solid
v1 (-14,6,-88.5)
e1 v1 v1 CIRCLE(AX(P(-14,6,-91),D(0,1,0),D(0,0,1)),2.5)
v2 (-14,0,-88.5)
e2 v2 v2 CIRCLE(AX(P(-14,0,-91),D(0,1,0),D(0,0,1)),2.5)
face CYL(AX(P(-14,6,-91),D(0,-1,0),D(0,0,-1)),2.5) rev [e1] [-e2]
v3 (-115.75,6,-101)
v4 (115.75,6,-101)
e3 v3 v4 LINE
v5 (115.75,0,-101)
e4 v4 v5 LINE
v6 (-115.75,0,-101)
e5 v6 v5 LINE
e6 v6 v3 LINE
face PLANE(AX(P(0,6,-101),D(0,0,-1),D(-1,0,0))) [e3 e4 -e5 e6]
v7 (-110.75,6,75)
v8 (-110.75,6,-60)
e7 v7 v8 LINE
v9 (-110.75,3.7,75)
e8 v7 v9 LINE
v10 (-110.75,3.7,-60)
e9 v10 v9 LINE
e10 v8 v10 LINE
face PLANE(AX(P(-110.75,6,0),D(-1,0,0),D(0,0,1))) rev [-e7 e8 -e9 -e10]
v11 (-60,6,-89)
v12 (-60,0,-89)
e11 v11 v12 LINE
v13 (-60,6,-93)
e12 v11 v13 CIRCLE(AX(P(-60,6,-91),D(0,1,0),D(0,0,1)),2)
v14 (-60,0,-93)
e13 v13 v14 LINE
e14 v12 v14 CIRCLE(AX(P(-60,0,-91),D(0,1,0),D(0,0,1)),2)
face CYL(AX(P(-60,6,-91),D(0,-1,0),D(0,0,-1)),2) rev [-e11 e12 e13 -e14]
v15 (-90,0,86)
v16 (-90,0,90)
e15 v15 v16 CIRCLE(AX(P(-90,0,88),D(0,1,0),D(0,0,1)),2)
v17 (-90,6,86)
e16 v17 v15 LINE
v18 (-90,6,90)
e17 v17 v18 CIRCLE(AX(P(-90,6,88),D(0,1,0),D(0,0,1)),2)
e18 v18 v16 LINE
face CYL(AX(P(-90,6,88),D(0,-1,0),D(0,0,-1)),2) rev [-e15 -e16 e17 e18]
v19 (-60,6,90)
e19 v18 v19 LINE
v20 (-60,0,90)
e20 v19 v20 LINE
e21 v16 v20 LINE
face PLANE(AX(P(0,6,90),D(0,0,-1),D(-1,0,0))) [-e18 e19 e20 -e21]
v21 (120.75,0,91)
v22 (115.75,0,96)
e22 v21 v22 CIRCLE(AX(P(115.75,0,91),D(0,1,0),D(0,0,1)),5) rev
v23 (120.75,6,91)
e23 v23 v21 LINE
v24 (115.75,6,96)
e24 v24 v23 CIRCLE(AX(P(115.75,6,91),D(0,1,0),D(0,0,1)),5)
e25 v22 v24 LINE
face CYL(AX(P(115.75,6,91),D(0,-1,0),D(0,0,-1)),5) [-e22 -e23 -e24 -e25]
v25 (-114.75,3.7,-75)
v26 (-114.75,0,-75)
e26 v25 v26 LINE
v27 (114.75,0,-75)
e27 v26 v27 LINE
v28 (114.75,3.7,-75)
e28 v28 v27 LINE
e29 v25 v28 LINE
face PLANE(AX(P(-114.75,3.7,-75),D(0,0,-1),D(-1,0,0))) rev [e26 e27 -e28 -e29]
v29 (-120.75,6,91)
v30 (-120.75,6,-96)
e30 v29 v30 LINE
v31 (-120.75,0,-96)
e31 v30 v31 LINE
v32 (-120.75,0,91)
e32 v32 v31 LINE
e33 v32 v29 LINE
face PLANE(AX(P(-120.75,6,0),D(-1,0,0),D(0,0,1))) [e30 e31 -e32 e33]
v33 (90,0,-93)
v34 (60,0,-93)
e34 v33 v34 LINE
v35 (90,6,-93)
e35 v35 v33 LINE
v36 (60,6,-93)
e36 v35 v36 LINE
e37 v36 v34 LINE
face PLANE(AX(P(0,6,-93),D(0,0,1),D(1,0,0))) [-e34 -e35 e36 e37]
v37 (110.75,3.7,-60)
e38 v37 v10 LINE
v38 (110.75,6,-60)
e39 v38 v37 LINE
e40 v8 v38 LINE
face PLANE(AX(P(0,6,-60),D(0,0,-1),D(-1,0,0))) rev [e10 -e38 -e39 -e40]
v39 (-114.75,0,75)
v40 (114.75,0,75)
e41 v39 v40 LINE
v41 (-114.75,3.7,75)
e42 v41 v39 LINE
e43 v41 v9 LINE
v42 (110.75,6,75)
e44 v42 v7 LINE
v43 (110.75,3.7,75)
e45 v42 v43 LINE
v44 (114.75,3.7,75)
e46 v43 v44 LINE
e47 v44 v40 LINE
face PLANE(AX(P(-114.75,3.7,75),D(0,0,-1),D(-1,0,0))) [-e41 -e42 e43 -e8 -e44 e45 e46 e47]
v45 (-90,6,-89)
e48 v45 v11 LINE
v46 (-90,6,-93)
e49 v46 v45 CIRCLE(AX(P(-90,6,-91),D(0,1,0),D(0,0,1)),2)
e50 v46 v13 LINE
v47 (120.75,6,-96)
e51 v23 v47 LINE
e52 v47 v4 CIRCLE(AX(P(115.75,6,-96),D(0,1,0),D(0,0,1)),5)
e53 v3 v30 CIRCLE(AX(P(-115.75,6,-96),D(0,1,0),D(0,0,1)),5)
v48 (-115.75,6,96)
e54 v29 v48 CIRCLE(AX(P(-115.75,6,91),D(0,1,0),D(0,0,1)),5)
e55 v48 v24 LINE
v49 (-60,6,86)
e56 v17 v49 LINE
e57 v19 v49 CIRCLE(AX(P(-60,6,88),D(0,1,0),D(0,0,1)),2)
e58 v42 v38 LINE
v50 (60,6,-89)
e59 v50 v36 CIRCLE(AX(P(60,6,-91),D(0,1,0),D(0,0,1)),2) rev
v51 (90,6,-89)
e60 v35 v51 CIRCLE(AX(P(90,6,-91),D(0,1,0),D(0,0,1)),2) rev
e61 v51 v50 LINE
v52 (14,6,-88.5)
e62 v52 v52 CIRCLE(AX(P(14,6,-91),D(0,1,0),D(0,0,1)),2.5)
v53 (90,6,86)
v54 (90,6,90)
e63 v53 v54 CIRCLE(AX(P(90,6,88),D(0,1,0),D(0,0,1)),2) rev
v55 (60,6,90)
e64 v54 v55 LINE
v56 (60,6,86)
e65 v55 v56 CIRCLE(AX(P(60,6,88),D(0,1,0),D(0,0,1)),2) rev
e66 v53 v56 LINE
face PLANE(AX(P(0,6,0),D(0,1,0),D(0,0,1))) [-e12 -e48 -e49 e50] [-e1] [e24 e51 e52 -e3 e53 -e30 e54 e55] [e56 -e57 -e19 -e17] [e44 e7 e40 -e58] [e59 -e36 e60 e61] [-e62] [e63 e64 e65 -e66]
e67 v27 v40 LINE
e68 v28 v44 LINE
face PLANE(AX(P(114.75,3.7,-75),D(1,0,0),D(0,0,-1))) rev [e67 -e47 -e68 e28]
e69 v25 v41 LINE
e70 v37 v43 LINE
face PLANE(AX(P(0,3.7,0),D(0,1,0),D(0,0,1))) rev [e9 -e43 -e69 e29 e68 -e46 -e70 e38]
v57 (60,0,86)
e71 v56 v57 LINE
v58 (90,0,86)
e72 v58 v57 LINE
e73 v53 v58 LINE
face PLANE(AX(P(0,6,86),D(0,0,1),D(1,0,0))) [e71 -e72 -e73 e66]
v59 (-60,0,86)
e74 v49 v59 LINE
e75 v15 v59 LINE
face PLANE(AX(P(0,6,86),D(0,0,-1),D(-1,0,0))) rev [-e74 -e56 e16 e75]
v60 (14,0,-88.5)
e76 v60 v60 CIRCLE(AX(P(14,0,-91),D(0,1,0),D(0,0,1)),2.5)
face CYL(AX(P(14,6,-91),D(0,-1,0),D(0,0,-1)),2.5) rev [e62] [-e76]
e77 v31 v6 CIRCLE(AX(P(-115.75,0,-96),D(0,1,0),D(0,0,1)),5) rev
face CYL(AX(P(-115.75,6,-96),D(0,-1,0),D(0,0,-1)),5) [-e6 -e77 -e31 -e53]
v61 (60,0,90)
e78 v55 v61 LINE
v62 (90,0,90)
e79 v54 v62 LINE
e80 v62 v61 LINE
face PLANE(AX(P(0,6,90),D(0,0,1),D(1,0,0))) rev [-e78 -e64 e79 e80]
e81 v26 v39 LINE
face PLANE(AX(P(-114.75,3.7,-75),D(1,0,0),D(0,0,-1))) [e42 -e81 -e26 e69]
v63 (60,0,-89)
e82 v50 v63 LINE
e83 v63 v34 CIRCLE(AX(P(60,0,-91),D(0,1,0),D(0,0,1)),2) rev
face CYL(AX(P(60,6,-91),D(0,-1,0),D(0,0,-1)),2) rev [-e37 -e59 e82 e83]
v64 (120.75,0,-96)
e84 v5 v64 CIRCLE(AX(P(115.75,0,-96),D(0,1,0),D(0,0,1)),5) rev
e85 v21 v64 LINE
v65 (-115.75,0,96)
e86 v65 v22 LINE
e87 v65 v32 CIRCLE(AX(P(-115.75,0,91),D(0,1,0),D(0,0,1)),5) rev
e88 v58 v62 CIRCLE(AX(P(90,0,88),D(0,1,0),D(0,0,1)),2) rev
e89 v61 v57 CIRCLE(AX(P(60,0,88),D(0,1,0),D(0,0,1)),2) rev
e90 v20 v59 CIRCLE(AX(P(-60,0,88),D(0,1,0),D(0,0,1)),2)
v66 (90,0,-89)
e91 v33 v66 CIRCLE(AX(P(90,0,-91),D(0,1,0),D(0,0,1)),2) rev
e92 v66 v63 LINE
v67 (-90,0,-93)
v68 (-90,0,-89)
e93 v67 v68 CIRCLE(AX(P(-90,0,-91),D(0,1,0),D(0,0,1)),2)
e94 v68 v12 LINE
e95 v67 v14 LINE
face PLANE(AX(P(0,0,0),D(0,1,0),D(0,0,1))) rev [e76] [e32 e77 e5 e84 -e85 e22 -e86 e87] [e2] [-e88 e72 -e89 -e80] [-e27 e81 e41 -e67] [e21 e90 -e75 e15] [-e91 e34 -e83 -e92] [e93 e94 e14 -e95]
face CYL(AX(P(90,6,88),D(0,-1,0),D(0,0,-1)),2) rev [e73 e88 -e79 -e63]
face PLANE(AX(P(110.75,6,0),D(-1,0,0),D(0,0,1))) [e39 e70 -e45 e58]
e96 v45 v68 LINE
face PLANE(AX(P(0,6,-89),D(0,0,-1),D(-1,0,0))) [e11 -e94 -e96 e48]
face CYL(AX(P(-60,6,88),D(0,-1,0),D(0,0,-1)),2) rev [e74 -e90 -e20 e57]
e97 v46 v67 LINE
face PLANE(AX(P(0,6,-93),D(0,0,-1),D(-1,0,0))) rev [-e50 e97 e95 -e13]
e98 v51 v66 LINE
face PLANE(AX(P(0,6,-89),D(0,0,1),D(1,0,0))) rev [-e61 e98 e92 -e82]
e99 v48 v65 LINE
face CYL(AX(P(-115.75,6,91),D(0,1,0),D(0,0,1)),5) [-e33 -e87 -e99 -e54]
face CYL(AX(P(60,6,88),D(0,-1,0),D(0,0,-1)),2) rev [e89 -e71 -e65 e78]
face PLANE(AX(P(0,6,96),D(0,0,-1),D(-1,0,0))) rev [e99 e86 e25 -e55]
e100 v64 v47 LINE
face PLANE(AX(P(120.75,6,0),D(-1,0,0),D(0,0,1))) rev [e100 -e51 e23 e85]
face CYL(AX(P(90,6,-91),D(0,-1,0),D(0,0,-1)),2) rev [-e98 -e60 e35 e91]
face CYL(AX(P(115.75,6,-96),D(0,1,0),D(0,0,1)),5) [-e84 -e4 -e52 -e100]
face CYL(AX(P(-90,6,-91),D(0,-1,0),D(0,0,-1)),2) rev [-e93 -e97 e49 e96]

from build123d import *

# Parameters (mm, degrees)
SKETCH1_W               = 241.5
SKETCH1_H               = 197
SKETCH1_R               = 2.5
BOSS_EXTRUDE1_DEPTH     = 6
SKETCH1_5_W             = 229.5
SKETCH1_5_H             = 150
CUT_EXTRUDE1_DEPTH      = 3.7
FILLET1_R               = 5
CUT_EXTRUDE3_DEPTH      = 158.465083431
CUT_EXTRUDE3_DEPTH_BACK = 158.465083431


with BuildPart() as part:
    # Sketch1 → Boss-Extrude1 (new body)
    with BuildSketch(Plane(origin=(0, 0, 0), x_dir=(1, 0, 0), z_dir=(0, 1, 0))):
        with Locations((0, 2.5)):
            Rectangle(SKETCH1_W, SKETCH1_H)
        with BuildLine():
            ThreePointArc((90, 93), (92, 91), (90, 89))
            Line((90, 89), (60, 89))
            ThreePointArc((60, 89), (58, 91), (60, 93))
            Line((60, 93), (90, 93))
        make_face(mode=Mode.SUBTRACT)
        with BuildLine():
            ThreePointArc((-90, 89), (-92, 91), (-90, 93))
            Line((-90, 93), (-60, 93))
            ThreePointArc((-60, 93), (-58, 91), (-60, 89))
            Line((-60, 89), (-90, 89))
        make_face(mode=Mode.SUBTRACT)
        with Locations(Location((-14, 91, 0), (0, 0, 270))):
            Circle(SKETCH1_R, mode=Mode.SUBTRACT)
        with Locations(Location((14, 91, 0), (0, 0, 270))):
            Circle(SKETCH1_R, mode=Mode.SUBTRACT)
        with BuildLine():
            ThreePointArc((90, -86), (92, -88), (90, -90))
            Line((90, -90), (60, -90))
            ThreePointArc((60, -90), (58, -88), (60, -86))
            Line((60, -86), (90, -86))
        make_face(mode=Mode.SUBTRACT)
        with BuildLine():
            ThreePointArc((-90, -90), (-92, -88), (-90, -86))
            Line((-90, -86), (-60, -86))
            ThreePointArc((-60, -86), (-58, -88), (-60, -90))
            Line((-60, -90), (-90, -90))
        make_face(mode=Mode.SUBTRACT)
    extrude(amount=BOSS_EXTRUDE1_DEPTH)

    # Sketch1<5> → Cut-Extrude1 (cut)
    with BuildSketch(Plane(origin=(0, 0, 0), x_dir=(1, 0, 0), z_dir=(0, 1, 0))):
        Rectangle(SKETCH1_5_W, SKETCH1_5_H)
    extrude(amount=CUT_EXTRUDE1_DEPTH, mode=Mode.SUBTRACT)

    # Fillet1
    fillet1_edges = [part.edges().sort_by_distance(p)[0] for p in [
        (-120.75, 3, -101),
        (120.75, 3, -101),
        (-120.75, 3, 96),
        (120.75, 3, 96),
    ]]
    fillet(fillet1_edges, radius=FILLET1_R)

    # Sketch2 → Cut-Extrude3 (cut, two sides: drawn at the far end of the back side and taken through both)
    with BuildSketch(Plane.XZ.offset(-3.7).offset(-CUT_EXTRUDE3_DEPTH_BACK)):
        Polygon((94.75, -60), (110.75, -60), (110.75, 75), (94.75, 75), (-94.75, 75), (-110.75, 75), (-110.75, -60), align=None)
    extrude(amount=CUT_EXTRUDE3_DEPTH + CUT_EXTRUDE3_DEPTH_BACK, mode=Mode.SUBTRACT)


solid = part.part
